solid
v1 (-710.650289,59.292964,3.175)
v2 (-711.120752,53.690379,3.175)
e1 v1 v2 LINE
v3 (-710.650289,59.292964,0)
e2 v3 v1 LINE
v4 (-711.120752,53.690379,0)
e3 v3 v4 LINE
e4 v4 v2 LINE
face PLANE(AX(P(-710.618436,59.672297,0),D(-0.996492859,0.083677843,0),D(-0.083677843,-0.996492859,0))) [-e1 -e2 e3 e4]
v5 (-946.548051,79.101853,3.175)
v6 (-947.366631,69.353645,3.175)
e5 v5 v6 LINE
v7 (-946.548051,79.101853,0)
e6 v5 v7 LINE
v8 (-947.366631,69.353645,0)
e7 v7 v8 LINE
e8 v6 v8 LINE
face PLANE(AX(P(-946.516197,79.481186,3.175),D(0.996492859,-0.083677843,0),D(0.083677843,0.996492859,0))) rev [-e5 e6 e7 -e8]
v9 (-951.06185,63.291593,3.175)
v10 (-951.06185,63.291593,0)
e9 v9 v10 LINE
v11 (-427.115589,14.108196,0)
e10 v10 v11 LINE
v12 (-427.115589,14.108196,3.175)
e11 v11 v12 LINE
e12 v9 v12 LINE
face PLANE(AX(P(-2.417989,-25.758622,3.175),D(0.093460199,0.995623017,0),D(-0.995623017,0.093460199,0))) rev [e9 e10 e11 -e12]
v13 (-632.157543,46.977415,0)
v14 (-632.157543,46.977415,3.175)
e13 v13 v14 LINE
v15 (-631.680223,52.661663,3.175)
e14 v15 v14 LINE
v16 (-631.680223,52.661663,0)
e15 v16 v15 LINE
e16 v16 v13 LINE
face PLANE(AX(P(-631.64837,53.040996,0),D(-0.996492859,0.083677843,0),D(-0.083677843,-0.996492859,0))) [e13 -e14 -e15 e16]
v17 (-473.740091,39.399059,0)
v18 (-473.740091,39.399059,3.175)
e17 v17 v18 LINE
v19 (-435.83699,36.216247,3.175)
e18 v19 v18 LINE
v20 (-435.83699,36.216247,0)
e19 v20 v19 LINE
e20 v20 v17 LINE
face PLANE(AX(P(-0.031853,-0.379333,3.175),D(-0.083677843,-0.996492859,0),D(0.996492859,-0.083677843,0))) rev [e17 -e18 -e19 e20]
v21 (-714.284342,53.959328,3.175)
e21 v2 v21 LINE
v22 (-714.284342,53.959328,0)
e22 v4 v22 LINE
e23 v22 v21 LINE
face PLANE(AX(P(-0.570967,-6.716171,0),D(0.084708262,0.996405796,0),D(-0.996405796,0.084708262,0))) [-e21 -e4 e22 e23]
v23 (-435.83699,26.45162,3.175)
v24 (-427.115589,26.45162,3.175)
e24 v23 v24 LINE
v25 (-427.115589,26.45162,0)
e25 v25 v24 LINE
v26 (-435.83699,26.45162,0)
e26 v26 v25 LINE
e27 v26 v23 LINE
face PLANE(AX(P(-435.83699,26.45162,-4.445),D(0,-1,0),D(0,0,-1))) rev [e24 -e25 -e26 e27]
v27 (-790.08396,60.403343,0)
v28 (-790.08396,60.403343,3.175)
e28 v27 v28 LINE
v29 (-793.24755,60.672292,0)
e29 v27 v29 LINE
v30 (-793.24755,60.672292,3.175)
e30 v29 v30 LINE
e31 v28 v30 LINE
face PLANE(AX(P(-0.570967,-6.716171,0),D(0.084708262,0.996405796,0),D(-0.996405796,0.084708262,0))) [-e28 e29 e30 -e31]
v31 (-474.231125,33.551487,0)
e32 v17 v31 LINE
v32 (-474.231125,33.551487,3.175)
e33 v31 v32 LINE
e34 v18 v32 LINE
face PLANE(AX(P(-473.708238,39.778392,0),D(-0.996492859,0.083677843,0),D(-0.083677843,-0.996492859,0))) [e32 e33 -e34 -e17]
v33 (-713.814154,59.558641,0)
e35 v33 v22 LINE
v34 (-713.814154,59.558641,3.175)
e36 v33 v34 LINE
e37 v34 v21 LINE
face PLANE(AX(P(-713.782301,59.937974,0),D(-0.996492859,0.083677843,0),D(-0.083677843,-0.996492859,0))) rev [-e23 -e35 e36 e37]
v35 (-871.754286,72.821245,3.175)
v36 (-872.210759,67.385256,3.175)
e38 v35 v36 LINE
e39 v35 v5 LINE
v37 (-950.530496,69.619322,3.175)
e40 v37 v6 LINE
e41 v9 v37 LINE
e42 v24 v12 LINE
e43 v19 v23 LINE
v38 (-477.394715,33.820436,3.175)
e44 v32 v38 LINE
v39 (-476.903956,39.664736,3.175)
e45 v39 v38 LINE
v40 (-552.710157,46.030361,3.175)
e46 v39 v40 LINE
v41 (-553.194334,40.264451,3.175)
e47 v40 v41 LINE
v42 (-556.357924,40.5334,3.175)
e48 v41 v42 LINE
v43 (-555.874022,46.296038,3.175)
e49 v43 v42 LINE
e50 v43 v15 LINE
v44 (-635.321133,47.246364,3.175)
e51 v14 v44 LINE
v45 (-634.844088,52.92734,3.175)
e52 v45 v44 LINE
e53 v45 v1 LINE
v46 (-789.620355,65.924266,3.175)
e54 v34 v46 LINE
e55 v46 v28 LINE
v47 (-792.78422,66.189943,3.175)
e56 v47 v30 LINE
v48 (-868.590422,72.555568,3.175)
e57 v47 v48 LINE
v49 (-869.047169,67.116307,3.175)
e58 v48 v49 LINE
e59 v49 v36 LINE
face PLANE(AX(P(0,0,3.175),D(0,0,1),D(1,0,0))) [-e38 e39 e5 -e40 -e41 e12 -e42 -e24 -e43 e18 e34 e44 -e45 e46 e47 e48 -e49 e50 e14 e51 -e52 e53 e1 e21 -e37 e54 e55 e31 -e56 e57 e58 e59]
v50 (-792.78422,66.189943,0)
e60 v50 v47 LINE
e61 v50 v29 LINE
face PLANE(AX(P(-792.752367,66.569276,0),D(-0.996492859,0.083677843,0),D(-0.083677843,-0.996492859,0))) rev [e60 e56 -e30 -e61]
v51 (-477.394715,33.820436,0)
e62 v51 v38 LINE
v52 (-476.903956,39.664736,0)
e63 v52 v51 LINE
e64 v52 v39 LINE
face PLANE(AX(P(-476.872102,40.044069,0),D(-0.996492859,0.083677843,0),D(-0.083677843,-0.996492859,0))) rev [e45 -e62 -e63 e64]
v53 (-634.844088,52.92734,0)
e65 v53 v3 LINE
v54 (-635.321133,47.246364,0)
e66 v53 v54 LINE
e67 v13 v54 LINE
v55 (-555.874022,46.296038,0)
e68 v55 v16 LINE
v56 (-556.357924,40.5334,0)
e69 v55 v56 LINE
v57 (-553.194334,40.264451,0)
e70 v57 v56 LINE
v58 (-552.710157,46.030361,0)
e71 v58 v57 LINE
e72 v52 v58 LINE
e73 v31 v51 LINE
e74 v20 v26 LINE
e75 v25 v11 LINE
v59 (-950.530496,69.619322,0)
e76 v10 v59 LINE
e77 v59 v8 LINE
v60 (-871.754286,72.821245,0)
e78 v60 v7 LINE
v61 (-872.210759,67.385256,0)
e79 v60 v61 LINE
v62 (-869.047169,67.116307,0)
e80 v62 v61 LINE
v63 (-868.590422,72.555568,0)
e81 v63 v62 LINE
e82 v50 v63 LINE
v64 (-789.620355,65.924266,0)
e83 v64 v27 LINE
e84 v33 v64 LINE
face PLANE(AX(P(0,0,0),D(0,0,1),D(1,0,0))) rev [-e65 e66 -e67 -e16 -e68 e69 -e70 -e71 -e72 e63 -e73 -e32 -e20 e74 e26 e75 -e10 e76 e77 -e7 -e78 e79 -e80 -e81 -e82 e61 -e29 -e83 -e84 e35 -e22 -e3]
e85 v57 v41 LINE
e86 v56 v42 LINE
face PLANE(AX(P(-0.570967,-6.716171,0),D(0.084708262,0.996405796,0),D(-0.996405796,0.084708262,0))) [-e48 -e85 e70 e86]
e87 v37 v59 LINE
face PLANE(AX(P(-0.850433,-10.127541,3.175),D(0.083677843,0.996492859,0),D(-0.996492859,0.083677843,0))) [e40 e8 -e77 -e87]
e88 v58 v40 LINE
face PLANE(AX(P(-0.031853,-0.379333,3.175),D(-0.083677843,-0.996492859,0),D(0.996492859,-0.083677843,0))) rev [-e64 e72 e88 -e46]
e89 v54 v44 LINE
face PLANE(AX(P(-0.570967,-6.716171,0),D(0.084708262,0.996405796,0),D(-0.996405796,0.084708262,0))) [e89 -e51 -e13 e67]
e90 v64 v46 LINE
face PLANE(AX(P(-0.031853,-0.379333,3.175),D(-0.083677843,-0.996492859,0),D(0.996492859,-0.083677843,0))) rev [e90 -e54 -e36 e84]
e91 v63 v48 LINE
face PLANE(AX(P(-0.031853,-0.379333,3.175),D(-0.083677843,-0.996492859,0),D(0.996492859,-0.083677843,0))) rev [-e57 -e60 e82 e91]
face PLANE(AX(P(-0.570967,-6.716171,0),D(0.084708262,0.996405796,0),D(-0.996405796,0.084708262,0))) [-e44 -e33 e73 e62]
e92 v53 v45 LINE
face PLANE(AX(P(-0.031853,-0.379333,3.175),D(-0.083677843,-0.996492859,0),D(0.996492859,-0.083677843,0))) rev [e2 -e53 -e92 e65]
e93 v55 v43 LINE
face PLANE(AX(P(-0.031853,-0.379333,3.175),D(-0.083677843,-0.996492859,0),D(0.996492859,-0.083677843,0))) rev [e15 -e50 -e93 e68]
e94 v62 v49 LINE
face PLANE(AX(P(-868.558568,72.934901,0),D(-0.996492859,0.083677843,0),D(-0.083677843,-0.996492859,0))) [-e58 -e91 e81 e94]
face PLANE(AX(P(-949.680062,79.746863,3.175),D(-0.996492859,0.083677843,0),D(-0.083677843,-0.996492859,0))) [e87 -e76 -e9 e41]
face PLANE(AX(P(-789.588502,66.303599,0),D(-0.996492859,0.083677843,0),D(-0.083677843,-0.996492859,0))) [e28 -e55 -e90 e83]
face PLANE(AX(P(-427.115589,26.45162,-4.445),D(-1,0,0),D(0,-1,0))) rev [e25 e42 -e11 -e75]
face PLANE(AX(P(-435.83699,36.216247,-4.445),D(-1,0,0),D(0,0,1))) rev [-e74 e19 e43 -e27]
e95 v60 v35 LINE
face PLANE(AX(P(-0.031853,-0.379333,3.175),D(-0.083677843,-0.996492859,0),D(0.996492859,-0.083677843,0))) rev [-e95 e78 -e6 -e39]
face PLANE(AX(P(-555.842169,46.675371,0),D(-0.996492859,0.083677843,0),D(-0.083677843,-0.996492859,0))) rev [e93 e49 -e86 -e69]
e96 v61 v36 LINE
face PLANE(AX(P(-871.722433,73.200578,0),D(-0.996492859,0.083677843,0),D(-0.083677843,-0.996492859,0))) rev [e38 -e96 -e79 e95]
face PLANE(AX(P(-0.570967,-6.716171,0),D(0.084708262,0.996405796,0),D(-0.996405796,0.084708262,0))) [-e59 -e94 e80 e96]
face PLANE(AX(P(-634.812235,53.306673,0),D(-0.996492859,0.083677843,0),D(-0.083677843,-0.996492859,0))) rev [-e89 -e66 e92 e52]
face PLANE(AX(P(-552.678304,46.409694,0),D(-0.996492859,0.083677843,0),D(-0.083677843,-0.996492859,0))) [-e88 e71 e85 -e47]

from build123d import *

# Parameters (mm, degrees)
BOSS_EXTRUDE1_DEPTH = 3.175
CUT_EXTRUDE1_DEPTH  = 4.175
CUT_EXTRUDE2_DEPTH  = 7.62


with BuildPart() as part:
    # Sketch1 → Boss-Extrude1 (new body)
    with BuildSketch(Plane.XY):
        Polygon((-950.530495659, 69.619322302), (-951.061849964, 63.291592645), (-11.536706102, -24.902638492), (-8.372841274, -25.168315645), (0, -25.545856054), (152.4, -25.545856054), (152.4, -7.765856054), (139.7, -7.765856054), (139.7, -12.845856054), (136.525, -12.845856054), (136.525, -7.765856054), (95.25, -7.765856054), (95.25, -12.845856054), (92.075, -12.845856054), (92.075, -7.765856054), (79.375, -7.765856054), (79.375, -12.845856054), (76.2, -12.845856054), (76.2, -7.765856054), (69.85, -7.765856054), (25.4, -0.145856054), (19.05, -0.145856054), (19.05, -5.225856054), (15.875, -5.225856054), (15.875, -0.145856054), (3.175, -0.145856054), (3.175, -6.495856054), (0, -6.495856054), (0, -0.145856054), (-2.81225704, -0.145856054), (-6.247424053, 0.14260298), (-6.778778359, -6.185126677), (-9.942643187, -5.919449524), (-9.411288881, 0.408280132), (-946.54805097, 79.101852726), (-947.366630831, 69.353645149), align=None)
    extrude(amount=BOSS_EXTRUDE1_DEPTH)

    # Sketch2 → Cut-Extrude1 (cut, through all)
    with BuildSketch(Plane.XY.offset(3.175)):
        Polygon((-869.047169109, 67.116306724), (-868.590421605, 72.555567687), (-871.754286433, 72.821244839), (-872.210759203, 67.385255598), align=None)
        Polygon((-790.083960364, 60.403342827), (-789.620355495, 65.924265958), (-792.784220323, 66.189943111), (-793.247550458, 60.672291701), align=None)
        Polygon((-711.120751618, 53.69037893), (-710.650289385, 59.29296423), (-713.814154213, 59.558641383), (-714.284341712, 53.959327804), align=None)
        Polygon((-632.157542872, 46.977415032), (-631.680223276, 52.661662502), (-634.844088104, 52.927339654), (-635.321132966, 47.246363906), align=None)
        Polygon((-553.194334126, 40.264451135), (-552.710157166, 46.030360773), (-555.874021994, 46.296037926), (-556.35792422, 40.533400009), align=None)
        Polygon((-474.23112538, 33.551487238), (-473.740091056, 39.399059045), (-476.903955884, 39.664736197), (-477.394715474, 33.820436112), align=None)
        Polygon((-395.267916634, 26.83852334), (-394.770024946, 32.767757316), (-397.933889774, 33.033434469), (-398.431506728, 27.107472214), align=None)
        Polygon((-316.304707888, 20.125559443), (-315.799958836, 26.136455588), (-318.963823664, 26.402132741), (-319.468297982, 20.394508317), align=None)
        Polygon((-237.341499142, 13.412595546), (-236.829892727, 19.50515386), (-239.993757555, 19.770831012), (-240.505089236, 13.68154442), align=None)
        Polygon((-158.378290396, 6.699631648), (-157.859826617, 12.873852131), (-161.023691445, 13.139529284), (-161.54188049, 6.968580522), align=None)
        Polygon((-79.415081651, -0.013332249), (-78.889760507, 6.242550403), (-82.053625335, 6.508227555), (-82.578671745, 0.255616625), align=None)
    extrude(amount=-CUT_EXTRUDE1_DEPTH, mode=Mode.SUBTRACT)

    # Sketch3 → Cut-Extrude2 (cut)
    with BuildSketch(Plane.XY.offset(3.175)):
        Polygon((-435.836990415, 36.216246757), (-435.836990415, 26.451619727), (-427.115588921, 26.451619727), (-427.115588921, 14.108196169), (150.838987184, -84.054223576), (191.196568658, 26.451619727), align=None)
    extrude(amount=-CUT_EXTRUDE2_DEPTH, mode=Mode.SUBTRACT)


solid = part.part
